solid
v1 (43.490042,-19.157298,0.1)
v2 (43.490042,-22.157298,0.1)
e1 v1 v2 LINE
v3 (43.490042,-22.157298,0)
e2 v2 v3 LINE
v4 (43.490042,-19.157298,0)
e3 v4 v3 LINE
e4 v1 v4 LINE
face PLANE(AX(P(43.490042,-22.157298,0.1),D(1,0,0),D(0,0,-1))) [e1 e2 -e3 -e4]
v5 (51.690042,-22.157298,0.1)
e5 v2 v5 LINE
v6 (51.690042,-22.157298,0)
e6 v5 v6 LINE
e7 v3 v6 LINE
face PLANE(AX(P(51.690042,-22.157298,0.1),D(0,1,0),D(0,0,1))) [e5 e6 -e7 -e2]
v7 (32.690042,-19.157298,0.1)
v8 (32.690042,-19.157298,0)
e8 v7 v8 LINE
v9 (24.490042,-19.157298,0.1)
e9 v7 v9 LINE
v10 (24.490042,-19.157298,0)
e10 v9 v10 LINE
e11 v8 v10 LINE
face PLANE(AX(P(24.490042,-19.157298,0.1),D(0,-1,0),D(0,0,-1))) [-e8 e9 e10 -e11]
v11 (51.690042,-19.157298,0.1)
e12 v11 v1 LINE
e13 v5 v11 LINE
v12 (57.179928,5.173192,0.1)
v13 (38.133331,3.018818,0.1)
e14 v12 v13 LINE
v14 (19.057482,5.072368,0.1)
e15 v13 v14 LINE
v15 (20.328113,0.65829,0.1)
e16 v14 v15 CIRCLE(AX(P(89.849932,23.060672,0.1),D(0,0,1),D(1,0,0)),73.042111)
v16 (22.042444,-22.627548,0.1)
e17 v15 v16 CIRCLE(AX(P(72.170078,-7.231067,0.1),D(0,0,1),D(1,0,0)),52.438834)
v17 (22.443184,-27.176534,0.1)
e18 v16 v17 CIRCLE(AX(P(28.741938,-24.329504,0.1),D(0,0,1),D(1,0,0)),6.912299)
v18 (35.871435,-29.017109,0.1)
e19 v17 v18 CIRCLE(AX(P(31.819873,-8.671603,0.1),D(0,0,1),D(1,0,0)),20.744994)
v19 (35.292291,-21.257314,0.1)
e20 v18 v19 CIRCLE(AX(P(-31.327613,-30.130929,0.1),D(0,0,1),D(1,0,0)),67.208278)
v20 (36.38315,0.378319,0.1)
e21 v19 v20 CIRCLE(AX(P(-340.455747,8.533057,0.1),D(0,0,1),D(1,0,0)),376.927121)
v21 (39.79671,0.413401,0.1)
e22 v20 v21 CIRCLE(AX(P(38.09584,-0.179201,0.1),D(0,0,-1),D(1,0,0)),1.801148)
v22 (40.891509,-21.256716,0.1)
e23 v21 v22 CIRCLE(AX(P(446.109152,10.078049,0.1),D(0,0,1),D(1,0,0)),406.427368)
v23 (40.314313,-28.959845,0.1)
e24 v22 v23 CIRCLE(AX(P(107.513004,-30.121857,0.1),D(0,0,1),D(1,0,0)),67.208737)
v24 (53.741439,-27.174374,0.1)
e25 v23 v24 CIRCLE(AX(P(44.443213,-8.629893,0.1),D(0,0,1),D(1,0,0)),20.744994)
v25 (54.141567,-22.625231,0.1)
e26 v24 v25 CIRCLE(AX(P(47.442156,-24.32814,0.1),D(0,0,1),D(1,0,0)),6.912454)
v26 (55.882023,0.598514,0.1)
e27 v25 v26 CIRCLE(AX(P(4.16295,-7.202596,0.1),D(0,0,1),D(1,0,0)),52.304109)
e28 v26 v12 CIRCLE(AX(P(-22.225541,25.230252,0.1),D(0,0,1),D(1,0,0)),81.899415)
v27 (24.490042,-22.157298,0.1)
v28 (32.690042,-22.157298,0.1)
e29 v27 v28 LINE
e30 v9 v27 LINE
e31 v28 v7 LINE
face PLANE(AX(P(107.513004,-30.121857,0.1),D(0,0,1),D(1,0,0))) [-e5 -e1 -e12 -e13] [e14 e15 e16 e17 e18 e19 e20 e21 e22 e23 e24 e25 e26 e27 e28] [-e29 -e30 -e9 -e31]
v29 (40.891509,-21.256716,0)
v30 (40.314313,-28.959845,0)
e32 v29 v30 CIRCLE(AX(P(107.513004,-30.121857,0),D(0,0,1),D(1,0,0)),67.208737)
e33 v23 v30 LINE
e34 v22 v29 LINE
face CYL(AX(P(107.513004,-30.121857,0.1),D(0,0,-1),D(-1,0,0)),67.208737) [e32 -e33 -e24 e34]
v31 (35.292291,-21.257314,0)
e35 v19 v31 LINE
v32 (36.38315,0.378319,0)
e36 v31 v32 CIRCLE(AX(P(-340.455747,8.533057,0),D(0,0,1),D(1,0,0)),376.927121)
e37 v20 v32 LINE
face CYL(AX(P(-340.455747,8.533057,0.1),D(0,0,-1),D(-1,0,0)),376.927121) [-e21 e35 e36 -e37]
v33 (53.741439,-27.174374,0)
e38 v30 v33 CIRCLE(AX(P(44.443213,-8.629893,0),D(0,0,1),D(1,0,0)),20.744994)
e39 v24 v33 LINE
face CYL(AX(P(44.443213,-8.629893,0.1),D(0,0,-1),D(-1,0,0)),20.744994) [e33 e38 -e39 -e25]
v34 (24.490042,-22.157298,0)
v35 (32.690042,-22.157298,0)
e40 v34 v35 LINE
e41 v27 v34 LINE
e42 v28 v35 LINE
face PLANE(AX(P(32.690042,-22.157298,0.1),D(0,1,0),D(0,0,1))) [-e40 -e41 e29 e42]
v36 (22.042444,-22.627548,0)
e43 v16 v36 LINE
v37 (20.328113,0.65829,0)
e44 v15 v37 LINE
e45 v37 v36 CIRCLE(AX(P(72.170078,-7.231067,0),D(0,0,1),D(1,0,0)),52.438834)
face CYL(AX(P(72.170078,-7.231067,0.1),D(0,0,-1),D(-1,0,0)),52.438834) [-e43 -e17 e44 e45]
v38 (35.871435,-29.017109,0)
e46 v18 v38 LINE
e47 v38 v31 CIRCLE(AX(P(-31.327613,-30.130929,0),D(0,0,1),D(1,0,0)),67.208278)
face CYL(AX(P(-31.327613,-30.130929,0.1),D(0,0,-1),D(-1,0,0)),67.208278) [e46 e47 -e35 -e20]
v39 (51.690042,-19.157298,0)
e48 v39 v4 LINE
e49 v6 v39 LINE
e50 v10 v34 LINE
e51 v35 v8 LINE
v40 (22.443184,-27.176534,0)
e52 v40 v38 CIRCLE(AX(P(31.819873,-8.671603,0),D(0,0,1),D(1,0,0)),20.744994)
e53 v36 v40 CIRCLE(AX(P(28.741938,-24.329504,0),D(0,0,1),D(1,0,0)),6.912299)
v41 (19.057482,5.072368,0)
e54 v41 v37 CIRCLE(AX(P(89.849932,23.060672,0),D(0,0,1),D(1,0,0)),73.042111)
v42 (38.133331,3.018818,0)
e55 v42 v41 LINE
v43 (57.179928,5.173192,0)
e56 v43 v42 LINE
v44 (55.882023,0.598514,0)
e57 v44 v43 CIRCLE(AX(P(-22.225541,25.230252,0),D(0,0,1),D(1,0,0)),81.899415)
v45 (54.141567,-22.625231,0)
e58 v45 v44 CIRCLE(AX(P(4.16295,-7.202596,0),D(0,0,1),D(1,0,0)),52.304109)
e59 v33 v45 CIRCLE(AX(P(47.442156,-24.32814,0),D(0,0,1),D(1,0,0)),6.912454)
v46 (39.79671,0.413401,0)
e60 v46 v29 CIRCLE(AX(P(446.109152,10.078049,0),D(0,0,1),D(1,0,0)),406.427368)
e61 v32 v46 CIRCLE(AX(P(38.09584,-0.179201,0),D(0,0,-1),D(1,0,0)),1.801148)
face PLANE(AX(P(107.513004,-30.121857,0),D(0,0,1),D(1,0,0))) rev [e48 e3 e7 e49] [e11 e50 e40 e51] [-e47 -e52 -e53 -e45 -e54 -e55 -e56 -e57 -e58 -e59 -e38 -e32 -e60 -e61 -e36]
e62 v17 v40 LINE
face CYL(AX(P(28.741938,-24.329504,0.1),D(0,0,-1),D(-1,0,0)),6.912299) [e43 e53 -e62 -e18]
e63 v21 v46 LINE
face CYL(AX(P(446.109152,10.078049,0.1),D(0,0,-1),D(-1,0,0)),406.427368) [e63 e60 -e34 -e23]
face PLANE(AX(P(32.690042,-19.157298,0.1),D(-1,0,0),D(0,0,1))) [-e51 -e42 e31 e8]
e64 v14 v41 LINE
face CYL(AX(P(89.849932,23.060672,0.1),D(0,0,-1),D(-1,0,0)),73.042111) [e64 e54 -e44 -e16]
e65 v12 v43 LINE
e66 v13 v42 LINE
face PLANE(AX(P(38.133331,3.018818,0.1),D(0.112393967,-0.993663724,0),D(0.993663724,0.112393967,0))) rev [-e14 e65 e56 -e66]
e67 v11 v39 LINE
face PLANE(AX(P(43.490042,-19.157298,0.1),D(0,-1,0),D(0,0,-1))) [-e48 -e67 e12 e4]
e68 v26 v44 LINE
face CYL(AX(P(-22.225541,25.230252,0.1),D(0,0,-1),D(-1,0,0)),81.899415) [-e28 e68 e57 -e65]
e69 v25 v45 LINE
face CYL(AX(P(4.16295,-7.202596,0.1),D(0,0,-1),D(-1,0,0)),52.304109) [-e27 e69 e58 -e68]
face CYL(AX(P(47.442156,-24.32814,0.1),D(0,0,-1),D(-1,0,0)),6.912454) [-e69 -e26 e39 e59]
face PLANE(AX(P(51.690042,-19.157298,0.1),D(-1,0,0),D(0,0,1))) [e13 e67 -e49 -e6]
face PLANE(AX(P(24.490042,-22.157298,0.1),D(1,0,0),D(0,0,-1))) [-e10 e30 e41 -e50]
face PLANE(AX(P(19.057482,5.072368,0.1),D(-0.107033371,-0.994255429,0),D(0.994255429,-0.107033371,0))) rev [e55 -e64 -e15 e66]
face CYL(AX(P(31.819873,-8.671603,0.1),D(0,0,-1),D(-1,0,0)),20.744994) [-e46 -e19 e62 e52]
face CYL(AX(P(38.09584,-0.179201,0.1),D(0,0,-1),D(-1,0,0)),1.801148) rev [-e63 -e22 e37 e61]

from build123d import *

# Parameters (mm, degrees)
MODEL_W                 = 8.2
MODEL_H                 = 3
SALIENTE_EXTRUIR1_DEPTH = 0.1


with BuildPart() as part:
    # Model → Saliente-Extruir1 (new body)
    with BuildSketch(Plane.XY):
        with BuildLine():
            Line((38.133331438, 3.018818363), (57.179927809, 5.173191598))
            ThreePointArc((57.179927809, 5.173191598), (56.564184394, 2.876430864), (55.882023409, 0.598513786))
            ThreePointArc((55.882023409, 0.598513786), (56.320793695, -11.111458732), (54.141567414, -22.625230857))
            ThreePointArc((54.141567414, -22.625230857), (54.328024919, -24.933799392), (53.741439305, -27.174373514))
            ThreePointArc((53.741439305, -27.174373514), (47.17770756, -29.193874015), (40.314312824, -28.959845377))
            ThreePointArc((40.314312824, -28.959845377), (40.492148067, -25.099981333), (40.891508653, -21.256716194))
            ThreePointArc((40.891508653, -21.256716194), (40.199471936, -10.428965006), (39.796709943, 0.413400668))
            ThreePointArc((39.796709943, 0.413400668), (38.077330395, 1.62185217), (36.383150384, 0.378318835))
            ThreePointArc((36.383150384, 0.378318835), (35.993185815, -10.447336237), (35.292291091, -21.257314345))
            ThreePointArc((35.292291091, -21.257314345), (35.69426102, -25.128822948), (35.871435139, -29.017108947))
            ThreePointArc((35.871435139, -29.017108947), (29.002751827, -29.224427494), (22.443184445, -27.176534138))
            ThreePointArc((22.443184445, -27.176534138), (21.856306031, -24.936090235), (22.042444158, -22.627547891))
            ThreePointArc((22.042444158, -22.627547891), (19.872780358, -11.081256605), (20.328112859, 0.658290054))
            ThreePointArc((20.328112859, 0.658290054), (19.658091011, 2.85533825), (19.057482139, 5.072367576))
            Line((19.057482139, 5.072367576), (38.133331438, 3.018818363))
        make_face()
        with Locations((28.59004178, -20.657297672)):
            Rectangle(MODEL_W, MODEL_H, mode=Mode.SUBTRACT)
        with Locations((47.59004178, -20.657297672)):
            Rectangle(MODEL_W, MODEL_H, mode=Mode.SUBTRACT)
    extrude(amount=SALIENTE_EXTRUIR1_DEPTH)


solid = part.part
